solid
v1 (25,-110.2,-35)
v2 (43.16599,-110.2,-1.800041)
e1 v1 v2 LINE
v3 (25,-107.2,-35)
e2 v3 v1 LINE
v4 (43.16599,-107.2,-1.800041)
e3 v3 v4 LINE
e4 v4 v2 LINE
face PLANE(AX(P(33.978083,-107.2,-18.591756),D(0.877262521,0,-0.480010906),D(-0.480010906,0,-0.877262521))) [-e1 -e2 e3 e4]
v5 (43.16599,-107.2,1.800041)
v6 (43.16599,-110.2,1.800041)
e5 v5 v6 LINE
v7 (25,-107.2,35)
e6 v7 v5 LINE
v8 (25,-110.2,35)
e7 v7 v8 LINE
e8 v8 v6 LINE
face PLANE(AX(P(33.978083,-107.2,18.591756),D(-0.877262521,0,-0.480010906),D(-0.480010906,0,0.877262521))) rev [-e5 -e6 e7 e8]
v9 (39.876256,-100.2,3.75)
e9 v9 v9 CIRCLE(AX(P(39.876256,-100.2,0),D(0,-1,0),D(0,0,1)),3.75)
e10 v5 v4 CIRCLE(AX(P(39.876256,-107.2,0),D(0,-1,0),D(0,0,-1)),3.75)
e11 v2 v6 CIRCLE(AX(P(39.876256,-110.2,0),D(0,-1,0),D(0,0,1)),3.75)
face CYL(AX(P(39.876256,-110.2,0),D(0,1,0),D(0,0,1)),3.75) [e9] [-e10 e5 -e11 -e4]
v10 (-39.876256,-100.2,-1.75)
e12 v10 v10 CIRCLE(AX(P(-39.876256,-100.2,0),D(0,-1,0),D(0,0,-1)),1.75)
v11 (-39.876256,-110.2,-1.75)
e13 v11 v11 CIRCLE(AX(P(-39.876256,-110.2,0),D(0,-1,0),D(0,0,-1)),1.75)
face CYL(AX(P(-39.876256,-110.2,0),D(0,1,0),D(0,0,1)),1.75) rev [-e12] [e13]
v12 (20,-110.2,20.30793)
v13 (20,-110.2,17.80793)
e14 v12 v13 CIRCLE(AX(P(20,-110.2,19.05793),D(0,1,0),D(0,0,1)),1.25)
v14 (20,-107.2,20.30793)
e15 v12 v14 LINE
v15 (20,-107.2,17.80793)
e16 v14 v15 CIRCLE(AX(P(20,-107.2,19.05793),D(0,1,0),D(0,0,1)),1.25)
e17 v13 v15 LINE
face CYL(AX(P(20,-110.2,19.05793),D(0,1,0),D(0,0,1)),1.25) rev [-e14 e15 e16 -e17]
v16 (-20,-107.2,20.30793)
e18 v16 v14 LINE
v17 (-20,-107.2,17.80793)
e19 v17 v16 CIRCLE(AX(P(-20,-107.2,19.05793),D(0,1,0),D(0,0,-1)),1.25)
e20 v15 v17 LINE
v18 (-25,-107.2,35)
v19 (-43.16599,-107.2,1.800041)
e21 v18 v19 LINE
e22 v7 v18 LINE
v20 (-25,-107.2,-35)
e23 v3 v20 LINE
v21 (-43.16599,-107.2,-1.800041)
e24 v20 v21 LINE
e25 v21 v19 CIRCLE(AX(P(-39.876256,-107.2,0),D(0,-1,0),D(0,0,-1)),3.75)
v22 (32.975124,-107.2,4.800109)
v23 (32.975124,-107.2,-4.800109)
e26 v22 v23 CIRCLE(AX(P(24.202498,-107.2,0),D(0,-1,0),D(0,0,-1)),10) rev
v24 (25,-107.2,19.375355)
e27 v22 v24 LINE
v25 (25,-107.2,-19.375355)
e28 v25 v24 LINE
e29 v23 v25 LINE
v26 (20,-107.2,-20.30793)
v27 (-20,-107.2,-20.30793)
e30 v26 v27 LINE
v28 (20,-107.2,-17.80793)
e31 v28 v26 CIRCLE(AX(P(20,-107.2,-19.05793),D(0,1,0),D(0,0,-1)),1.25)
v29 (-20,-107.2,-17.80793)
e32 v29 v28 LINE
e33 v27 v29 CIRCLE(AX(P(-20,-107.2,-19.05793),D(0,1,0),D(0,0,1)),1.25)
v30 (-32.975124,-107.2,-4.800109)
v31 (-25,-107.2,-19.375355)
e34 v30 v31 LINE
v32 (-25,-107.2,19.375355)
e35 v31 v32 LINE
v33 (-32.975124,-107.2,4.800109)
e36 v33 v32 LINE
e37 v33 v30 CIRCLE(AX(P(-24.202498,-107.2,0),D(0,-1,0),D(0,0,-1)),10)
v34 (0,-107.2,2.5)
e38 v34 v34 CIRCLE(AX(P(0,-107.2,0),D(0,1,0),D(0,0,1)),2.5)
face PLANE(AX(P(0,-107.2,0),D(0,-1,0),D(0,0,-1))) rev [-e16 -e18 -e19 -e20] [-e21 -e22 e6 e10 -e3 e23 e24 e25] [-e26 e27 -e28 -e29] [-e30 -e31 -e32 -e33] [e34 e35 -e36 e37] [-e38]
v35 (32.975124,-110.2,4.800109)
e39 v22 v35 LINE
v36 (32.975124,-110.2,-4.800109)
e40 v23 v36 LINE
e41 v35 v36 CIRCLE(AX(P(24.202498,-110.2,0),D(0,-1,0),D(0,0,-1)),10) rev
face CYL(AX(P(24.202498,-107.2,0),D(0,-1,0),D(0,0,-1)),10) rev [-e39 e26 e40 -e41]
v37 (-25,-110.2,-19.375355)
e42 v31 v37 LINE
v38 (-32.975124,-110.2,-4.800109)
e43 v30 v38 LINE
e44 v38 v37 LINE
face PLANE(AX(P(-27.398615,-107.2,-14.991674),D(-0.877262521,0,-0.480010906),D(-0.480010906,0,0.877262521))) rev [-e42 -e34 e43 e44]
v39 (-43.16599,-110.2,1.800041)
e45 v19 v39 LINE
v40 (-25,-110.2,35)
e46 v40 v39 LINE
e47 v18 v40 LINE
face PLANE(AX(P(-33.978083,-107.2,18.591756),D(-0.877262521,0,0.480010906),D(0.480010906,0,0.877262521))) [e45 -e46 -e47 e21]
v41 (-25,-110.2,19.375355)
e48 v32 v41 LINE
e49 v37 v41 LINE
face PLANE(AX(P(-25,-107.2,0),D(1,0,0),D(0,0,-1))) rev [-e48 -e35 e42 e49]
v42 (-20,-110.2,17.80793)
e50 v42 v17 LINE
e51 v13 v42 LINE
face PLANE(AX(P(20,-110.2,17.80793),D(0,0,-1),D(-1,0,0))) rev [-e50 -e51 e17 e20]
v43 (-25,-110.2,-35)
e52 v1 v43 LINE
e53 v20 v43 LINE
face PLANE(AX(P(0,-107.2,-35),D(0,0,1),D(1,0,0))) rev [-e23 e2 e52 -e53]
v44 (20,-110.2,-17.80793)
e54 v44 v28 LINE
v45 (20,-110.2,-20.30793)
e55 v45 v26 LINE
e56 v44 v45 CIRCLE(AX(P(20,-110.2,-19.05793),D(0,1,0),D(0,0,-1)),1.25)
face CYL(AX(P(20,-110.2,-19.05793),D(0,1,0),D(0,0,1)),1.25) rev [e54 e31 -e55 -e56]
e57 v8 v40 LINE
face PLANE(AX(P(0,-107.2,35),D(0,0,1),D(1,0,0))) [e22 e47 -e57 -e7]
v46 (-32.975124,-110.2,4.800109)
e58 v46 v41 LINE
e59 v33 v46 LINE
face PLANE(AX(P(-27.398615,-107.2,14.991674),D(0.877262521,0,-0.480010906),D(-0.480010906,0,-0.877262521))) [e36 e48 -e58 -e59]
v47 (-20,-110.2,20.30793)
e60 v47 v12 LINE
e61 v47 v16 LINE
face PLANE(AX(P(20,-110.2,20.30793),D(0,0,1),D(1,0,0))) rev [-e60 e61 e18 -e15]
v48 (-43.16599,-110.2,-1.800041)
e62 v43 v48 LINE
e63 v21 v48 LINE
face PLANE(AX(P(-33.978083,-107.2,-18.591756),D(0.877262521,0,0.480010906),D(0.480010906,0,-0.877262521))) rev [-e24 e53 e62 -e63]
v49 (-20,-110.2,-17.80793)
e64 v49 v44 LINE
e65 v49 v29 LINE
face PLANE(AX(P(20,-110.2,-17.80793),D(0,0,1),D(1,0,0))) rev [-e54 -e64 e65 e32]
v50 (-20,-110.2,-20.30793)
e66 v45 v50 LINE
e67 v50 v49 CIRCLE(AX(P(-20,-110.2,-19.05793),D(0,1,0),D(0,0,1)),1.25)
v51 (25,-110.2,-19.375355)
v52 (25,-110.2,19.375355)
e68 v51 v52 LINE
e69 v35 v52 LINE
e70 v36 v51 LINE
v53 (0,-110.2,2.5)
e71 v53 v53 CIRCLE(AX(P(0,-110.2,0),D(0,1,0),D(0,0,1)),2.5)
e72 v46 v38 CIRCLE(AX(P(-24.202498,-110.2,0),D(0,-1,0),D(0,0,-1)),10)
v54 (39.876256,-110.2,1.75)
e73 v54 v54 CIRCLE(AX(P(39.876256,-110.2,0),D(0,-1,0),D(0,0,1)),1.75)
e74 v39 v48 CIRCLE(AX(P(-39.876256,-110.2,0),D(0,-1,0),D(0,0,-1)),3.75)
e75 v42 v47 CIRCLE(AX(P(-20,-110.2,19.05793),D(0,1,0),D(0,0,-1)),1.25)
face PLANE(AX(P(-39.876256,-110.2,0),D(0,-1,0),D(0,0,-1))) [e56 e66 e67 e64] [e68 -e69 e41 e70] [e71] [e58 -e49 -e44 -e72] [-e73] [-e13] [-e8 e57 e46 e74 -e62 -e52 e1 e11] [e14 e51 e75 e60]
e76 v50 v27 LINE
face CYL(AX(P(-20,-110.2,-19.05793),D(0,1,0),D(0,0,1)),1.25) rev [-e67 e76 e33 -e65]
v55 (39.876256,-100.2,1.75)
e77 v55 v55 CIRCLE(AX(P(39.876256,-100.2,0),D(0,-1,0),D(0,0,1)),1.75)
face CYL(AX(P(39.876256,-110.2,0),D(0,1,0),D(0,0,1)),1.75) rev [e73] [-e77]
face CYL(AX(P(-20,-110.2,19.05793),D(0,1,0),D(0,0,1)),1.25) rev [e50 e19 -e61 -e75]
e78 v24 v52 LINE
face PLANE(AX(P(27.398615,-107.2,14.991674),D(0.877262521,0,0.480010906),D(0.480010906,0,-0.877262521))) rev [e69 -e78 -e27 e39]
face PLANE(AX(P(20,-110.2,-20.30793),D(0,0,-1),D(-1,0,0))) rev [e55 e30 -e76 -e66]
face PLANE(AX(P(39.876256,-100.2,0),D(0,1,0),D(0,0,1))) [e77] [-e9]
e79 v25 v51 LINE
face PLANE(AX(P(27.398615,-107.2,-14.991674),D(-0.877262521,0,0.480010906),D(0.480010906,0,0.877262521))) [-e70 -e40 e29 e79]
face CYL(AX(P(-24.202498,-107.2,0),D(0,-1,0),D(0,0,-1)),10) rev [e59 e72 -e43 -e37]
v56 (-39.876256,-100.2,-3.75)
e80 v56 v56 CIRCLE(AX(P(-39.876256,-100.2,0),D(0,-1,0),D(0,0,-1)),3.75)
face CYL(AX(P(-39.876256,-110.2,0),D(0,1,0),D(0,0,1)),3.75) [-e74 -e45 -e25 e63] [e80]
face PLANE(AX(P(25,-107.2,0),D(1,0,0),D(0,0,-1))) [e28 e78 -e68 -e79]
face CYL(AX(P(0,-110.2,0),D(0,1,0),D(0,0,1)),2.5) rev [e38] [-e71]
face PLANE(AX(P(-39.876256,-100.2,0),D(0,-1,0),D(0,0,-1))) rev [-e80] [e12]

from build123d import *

# Parameters (mm, degrees)
SKETCH1_R             = 3.75
SKETCH1_R_2           = 1.75
BOSS_EXTRUDE1_DEPTH   = 10
BOSS_EXTRUDE1_2_DEPTH = 10
BOSS_EXTRUDE2_START   = -3
BOSS_EXTRUDE2_DEPTH   = 3
SKETCH3_R             = 2.5
CUT_EXTRUDE1_DEPTH    = 57.367102098
CUT_EXTRUDE2_DEPTH    = 57.367102098


with BuildPart() as part:
    # Sketch1 → Boss-Extrude1 (new body)
    with BuildSketch(Plane.XZ.offset(100.2)):
        with Locations(Location((-39.876255843, 0, 0), (0, 0, 270))):
            Circle(SKETCH1_R)
        with Locations(Location((-39.876255843, 0, 0), (0, 0, 270))):
            Circle(SKETCH1_R_2, mode=Mode.SUBTRACT)
    extrude(amount=BOSS_EXTRUDE1_DEPTH)



with BuildPart() as body_2:
    # Sketch1 → Boss-Extrude1 2 (new body)
    with BuildSketch(Plane.XZ.offset(100.2)):
        with Locations(Location((39.876255843, 0, 0), (0, 0, 90))):
            Circle(SKETCH1_R)
        with Locations(Location((39.876255843, 0, 0), (0, 0, 90))):
            Circle(SKETCH1_R_2, mode=Mode.SUBTRACT)
    extrude(amount=BOSS_EXTRUDE1_2_DEPTH)


with BuildPart() as part_1:
    add(part.part)

    add(body_2.part)  # Boss-Extrude2 merges body 2
    # Sketch2 → Boss-Extrude2 (add)
    with BuildSketch(Plane.XZ.offset(110.2).offset(BOSS_EXTRUDE2_START)):
        with BuildLine():
            Line((25, 35), (-25, 35))
            Line((-25, 35), (-43.165990296, 1.800040897))
            ThreePointArc((-43.165990296, 1.800040897), (-38.94727904, 3.633111903), (-36.126255843, 0))
            ThreePointArc((-36.126255843, 0), (-38.94727904, -3.633111903), (-43.165990296, -1.800040897))
            Line((-43.165990296, -1.800040897), (-25, -35))
            Line((-25, -35), (25, -35))
            Line((25, -35), (43.165990296, -1.800040897))
            ThreePointArc((43.165990296, -1.800040897), (36.126255843, 0), (43.165990296, 1.800040897))
            Line((43.165990296, 1.800040897), (25, 35))
        make_face()
        with BuildLine():
            Line((-25, 19.375354996), (-25, -19.375354996))
            Line((-25, -19.375354996), (-32.975123568, -4.800109057))
            ThreePointArc((-32.975123568, -4.800109057), (-34.20249836, 0), (-32.975123568, 4.800109057))
            Line((-32.975123568, 4.800109057), (-25, 19.375354996))
        make_face(mode=Mode.SUBTRACT)
        with BuildLine():
            Line((32.975123568, -4.800109057), (25, -19.375354996))
            Line((25, -19.375354996), (25, 19.375354996))
            Line((25, 19.375354996), (32.975123568, 4.800109057))
            ThreePointArc((32.975123568, 4.800109057), (34.20249836, 0), (32.975123568, -4.800109057))
        make_face(mode=Mode.SUBTRACT)
    extrude(amount=BOSS_EXTRUDE2_DEPTH)

    # Sketch3 → Cut-Extrude1 (cut, through all)
    with BuildSketch(Plane(origin=(0, -107.2, 0), x_dir=(1, 0, 0), z_dir=(0, 1, 0))):
        with Locations(Location((0, 0, 0), (0, 0, 270))):
            Circle(SKETCH3_R)
    extrude(amount=-CUT_EXTRUDE1_DEPTH, mode=Mode.SUBTRACT)

    # Sketch4 → Cut-Extrude2 (cut, through all)
    with BuildSketch(Plane(origin=(0, -107.2, 0), x_dir=(1, 0, 0), z_dir=(0, 1, 0))):
        with BuildLine():
            Line((20, -17.807929785), (-20, -17.807929785))
            ThreePointArc((-20, -17.807929785), (-21.25, -19.057929785), (-20, -20.307929785))
            Line((-20, -20.307929785), (20, -20.307929785))
            ThreePointArc((20, -20.307929785), (21.25, -19.057929785), (20, -17.807929785))
        make_face()
        with BuildLine():
            Line((20, 20.307929785), (-20, 20.307929785))
            ThreePointArc((-20, 20.307929785), (-21.25, 19.057929785), (-20, 17.807929785))
            Line((-20, 17.807929785), (20, 17.807929785))
            ThreePointArc((20, 17.807929785), (21.25, 19.057929785), (20, 20.307929785))
        make_face()
    extrude(amount=-CUT_EXTRUDE2_DEPTH, mode=Mode.SUBTRACT)


solid = part_1.part
